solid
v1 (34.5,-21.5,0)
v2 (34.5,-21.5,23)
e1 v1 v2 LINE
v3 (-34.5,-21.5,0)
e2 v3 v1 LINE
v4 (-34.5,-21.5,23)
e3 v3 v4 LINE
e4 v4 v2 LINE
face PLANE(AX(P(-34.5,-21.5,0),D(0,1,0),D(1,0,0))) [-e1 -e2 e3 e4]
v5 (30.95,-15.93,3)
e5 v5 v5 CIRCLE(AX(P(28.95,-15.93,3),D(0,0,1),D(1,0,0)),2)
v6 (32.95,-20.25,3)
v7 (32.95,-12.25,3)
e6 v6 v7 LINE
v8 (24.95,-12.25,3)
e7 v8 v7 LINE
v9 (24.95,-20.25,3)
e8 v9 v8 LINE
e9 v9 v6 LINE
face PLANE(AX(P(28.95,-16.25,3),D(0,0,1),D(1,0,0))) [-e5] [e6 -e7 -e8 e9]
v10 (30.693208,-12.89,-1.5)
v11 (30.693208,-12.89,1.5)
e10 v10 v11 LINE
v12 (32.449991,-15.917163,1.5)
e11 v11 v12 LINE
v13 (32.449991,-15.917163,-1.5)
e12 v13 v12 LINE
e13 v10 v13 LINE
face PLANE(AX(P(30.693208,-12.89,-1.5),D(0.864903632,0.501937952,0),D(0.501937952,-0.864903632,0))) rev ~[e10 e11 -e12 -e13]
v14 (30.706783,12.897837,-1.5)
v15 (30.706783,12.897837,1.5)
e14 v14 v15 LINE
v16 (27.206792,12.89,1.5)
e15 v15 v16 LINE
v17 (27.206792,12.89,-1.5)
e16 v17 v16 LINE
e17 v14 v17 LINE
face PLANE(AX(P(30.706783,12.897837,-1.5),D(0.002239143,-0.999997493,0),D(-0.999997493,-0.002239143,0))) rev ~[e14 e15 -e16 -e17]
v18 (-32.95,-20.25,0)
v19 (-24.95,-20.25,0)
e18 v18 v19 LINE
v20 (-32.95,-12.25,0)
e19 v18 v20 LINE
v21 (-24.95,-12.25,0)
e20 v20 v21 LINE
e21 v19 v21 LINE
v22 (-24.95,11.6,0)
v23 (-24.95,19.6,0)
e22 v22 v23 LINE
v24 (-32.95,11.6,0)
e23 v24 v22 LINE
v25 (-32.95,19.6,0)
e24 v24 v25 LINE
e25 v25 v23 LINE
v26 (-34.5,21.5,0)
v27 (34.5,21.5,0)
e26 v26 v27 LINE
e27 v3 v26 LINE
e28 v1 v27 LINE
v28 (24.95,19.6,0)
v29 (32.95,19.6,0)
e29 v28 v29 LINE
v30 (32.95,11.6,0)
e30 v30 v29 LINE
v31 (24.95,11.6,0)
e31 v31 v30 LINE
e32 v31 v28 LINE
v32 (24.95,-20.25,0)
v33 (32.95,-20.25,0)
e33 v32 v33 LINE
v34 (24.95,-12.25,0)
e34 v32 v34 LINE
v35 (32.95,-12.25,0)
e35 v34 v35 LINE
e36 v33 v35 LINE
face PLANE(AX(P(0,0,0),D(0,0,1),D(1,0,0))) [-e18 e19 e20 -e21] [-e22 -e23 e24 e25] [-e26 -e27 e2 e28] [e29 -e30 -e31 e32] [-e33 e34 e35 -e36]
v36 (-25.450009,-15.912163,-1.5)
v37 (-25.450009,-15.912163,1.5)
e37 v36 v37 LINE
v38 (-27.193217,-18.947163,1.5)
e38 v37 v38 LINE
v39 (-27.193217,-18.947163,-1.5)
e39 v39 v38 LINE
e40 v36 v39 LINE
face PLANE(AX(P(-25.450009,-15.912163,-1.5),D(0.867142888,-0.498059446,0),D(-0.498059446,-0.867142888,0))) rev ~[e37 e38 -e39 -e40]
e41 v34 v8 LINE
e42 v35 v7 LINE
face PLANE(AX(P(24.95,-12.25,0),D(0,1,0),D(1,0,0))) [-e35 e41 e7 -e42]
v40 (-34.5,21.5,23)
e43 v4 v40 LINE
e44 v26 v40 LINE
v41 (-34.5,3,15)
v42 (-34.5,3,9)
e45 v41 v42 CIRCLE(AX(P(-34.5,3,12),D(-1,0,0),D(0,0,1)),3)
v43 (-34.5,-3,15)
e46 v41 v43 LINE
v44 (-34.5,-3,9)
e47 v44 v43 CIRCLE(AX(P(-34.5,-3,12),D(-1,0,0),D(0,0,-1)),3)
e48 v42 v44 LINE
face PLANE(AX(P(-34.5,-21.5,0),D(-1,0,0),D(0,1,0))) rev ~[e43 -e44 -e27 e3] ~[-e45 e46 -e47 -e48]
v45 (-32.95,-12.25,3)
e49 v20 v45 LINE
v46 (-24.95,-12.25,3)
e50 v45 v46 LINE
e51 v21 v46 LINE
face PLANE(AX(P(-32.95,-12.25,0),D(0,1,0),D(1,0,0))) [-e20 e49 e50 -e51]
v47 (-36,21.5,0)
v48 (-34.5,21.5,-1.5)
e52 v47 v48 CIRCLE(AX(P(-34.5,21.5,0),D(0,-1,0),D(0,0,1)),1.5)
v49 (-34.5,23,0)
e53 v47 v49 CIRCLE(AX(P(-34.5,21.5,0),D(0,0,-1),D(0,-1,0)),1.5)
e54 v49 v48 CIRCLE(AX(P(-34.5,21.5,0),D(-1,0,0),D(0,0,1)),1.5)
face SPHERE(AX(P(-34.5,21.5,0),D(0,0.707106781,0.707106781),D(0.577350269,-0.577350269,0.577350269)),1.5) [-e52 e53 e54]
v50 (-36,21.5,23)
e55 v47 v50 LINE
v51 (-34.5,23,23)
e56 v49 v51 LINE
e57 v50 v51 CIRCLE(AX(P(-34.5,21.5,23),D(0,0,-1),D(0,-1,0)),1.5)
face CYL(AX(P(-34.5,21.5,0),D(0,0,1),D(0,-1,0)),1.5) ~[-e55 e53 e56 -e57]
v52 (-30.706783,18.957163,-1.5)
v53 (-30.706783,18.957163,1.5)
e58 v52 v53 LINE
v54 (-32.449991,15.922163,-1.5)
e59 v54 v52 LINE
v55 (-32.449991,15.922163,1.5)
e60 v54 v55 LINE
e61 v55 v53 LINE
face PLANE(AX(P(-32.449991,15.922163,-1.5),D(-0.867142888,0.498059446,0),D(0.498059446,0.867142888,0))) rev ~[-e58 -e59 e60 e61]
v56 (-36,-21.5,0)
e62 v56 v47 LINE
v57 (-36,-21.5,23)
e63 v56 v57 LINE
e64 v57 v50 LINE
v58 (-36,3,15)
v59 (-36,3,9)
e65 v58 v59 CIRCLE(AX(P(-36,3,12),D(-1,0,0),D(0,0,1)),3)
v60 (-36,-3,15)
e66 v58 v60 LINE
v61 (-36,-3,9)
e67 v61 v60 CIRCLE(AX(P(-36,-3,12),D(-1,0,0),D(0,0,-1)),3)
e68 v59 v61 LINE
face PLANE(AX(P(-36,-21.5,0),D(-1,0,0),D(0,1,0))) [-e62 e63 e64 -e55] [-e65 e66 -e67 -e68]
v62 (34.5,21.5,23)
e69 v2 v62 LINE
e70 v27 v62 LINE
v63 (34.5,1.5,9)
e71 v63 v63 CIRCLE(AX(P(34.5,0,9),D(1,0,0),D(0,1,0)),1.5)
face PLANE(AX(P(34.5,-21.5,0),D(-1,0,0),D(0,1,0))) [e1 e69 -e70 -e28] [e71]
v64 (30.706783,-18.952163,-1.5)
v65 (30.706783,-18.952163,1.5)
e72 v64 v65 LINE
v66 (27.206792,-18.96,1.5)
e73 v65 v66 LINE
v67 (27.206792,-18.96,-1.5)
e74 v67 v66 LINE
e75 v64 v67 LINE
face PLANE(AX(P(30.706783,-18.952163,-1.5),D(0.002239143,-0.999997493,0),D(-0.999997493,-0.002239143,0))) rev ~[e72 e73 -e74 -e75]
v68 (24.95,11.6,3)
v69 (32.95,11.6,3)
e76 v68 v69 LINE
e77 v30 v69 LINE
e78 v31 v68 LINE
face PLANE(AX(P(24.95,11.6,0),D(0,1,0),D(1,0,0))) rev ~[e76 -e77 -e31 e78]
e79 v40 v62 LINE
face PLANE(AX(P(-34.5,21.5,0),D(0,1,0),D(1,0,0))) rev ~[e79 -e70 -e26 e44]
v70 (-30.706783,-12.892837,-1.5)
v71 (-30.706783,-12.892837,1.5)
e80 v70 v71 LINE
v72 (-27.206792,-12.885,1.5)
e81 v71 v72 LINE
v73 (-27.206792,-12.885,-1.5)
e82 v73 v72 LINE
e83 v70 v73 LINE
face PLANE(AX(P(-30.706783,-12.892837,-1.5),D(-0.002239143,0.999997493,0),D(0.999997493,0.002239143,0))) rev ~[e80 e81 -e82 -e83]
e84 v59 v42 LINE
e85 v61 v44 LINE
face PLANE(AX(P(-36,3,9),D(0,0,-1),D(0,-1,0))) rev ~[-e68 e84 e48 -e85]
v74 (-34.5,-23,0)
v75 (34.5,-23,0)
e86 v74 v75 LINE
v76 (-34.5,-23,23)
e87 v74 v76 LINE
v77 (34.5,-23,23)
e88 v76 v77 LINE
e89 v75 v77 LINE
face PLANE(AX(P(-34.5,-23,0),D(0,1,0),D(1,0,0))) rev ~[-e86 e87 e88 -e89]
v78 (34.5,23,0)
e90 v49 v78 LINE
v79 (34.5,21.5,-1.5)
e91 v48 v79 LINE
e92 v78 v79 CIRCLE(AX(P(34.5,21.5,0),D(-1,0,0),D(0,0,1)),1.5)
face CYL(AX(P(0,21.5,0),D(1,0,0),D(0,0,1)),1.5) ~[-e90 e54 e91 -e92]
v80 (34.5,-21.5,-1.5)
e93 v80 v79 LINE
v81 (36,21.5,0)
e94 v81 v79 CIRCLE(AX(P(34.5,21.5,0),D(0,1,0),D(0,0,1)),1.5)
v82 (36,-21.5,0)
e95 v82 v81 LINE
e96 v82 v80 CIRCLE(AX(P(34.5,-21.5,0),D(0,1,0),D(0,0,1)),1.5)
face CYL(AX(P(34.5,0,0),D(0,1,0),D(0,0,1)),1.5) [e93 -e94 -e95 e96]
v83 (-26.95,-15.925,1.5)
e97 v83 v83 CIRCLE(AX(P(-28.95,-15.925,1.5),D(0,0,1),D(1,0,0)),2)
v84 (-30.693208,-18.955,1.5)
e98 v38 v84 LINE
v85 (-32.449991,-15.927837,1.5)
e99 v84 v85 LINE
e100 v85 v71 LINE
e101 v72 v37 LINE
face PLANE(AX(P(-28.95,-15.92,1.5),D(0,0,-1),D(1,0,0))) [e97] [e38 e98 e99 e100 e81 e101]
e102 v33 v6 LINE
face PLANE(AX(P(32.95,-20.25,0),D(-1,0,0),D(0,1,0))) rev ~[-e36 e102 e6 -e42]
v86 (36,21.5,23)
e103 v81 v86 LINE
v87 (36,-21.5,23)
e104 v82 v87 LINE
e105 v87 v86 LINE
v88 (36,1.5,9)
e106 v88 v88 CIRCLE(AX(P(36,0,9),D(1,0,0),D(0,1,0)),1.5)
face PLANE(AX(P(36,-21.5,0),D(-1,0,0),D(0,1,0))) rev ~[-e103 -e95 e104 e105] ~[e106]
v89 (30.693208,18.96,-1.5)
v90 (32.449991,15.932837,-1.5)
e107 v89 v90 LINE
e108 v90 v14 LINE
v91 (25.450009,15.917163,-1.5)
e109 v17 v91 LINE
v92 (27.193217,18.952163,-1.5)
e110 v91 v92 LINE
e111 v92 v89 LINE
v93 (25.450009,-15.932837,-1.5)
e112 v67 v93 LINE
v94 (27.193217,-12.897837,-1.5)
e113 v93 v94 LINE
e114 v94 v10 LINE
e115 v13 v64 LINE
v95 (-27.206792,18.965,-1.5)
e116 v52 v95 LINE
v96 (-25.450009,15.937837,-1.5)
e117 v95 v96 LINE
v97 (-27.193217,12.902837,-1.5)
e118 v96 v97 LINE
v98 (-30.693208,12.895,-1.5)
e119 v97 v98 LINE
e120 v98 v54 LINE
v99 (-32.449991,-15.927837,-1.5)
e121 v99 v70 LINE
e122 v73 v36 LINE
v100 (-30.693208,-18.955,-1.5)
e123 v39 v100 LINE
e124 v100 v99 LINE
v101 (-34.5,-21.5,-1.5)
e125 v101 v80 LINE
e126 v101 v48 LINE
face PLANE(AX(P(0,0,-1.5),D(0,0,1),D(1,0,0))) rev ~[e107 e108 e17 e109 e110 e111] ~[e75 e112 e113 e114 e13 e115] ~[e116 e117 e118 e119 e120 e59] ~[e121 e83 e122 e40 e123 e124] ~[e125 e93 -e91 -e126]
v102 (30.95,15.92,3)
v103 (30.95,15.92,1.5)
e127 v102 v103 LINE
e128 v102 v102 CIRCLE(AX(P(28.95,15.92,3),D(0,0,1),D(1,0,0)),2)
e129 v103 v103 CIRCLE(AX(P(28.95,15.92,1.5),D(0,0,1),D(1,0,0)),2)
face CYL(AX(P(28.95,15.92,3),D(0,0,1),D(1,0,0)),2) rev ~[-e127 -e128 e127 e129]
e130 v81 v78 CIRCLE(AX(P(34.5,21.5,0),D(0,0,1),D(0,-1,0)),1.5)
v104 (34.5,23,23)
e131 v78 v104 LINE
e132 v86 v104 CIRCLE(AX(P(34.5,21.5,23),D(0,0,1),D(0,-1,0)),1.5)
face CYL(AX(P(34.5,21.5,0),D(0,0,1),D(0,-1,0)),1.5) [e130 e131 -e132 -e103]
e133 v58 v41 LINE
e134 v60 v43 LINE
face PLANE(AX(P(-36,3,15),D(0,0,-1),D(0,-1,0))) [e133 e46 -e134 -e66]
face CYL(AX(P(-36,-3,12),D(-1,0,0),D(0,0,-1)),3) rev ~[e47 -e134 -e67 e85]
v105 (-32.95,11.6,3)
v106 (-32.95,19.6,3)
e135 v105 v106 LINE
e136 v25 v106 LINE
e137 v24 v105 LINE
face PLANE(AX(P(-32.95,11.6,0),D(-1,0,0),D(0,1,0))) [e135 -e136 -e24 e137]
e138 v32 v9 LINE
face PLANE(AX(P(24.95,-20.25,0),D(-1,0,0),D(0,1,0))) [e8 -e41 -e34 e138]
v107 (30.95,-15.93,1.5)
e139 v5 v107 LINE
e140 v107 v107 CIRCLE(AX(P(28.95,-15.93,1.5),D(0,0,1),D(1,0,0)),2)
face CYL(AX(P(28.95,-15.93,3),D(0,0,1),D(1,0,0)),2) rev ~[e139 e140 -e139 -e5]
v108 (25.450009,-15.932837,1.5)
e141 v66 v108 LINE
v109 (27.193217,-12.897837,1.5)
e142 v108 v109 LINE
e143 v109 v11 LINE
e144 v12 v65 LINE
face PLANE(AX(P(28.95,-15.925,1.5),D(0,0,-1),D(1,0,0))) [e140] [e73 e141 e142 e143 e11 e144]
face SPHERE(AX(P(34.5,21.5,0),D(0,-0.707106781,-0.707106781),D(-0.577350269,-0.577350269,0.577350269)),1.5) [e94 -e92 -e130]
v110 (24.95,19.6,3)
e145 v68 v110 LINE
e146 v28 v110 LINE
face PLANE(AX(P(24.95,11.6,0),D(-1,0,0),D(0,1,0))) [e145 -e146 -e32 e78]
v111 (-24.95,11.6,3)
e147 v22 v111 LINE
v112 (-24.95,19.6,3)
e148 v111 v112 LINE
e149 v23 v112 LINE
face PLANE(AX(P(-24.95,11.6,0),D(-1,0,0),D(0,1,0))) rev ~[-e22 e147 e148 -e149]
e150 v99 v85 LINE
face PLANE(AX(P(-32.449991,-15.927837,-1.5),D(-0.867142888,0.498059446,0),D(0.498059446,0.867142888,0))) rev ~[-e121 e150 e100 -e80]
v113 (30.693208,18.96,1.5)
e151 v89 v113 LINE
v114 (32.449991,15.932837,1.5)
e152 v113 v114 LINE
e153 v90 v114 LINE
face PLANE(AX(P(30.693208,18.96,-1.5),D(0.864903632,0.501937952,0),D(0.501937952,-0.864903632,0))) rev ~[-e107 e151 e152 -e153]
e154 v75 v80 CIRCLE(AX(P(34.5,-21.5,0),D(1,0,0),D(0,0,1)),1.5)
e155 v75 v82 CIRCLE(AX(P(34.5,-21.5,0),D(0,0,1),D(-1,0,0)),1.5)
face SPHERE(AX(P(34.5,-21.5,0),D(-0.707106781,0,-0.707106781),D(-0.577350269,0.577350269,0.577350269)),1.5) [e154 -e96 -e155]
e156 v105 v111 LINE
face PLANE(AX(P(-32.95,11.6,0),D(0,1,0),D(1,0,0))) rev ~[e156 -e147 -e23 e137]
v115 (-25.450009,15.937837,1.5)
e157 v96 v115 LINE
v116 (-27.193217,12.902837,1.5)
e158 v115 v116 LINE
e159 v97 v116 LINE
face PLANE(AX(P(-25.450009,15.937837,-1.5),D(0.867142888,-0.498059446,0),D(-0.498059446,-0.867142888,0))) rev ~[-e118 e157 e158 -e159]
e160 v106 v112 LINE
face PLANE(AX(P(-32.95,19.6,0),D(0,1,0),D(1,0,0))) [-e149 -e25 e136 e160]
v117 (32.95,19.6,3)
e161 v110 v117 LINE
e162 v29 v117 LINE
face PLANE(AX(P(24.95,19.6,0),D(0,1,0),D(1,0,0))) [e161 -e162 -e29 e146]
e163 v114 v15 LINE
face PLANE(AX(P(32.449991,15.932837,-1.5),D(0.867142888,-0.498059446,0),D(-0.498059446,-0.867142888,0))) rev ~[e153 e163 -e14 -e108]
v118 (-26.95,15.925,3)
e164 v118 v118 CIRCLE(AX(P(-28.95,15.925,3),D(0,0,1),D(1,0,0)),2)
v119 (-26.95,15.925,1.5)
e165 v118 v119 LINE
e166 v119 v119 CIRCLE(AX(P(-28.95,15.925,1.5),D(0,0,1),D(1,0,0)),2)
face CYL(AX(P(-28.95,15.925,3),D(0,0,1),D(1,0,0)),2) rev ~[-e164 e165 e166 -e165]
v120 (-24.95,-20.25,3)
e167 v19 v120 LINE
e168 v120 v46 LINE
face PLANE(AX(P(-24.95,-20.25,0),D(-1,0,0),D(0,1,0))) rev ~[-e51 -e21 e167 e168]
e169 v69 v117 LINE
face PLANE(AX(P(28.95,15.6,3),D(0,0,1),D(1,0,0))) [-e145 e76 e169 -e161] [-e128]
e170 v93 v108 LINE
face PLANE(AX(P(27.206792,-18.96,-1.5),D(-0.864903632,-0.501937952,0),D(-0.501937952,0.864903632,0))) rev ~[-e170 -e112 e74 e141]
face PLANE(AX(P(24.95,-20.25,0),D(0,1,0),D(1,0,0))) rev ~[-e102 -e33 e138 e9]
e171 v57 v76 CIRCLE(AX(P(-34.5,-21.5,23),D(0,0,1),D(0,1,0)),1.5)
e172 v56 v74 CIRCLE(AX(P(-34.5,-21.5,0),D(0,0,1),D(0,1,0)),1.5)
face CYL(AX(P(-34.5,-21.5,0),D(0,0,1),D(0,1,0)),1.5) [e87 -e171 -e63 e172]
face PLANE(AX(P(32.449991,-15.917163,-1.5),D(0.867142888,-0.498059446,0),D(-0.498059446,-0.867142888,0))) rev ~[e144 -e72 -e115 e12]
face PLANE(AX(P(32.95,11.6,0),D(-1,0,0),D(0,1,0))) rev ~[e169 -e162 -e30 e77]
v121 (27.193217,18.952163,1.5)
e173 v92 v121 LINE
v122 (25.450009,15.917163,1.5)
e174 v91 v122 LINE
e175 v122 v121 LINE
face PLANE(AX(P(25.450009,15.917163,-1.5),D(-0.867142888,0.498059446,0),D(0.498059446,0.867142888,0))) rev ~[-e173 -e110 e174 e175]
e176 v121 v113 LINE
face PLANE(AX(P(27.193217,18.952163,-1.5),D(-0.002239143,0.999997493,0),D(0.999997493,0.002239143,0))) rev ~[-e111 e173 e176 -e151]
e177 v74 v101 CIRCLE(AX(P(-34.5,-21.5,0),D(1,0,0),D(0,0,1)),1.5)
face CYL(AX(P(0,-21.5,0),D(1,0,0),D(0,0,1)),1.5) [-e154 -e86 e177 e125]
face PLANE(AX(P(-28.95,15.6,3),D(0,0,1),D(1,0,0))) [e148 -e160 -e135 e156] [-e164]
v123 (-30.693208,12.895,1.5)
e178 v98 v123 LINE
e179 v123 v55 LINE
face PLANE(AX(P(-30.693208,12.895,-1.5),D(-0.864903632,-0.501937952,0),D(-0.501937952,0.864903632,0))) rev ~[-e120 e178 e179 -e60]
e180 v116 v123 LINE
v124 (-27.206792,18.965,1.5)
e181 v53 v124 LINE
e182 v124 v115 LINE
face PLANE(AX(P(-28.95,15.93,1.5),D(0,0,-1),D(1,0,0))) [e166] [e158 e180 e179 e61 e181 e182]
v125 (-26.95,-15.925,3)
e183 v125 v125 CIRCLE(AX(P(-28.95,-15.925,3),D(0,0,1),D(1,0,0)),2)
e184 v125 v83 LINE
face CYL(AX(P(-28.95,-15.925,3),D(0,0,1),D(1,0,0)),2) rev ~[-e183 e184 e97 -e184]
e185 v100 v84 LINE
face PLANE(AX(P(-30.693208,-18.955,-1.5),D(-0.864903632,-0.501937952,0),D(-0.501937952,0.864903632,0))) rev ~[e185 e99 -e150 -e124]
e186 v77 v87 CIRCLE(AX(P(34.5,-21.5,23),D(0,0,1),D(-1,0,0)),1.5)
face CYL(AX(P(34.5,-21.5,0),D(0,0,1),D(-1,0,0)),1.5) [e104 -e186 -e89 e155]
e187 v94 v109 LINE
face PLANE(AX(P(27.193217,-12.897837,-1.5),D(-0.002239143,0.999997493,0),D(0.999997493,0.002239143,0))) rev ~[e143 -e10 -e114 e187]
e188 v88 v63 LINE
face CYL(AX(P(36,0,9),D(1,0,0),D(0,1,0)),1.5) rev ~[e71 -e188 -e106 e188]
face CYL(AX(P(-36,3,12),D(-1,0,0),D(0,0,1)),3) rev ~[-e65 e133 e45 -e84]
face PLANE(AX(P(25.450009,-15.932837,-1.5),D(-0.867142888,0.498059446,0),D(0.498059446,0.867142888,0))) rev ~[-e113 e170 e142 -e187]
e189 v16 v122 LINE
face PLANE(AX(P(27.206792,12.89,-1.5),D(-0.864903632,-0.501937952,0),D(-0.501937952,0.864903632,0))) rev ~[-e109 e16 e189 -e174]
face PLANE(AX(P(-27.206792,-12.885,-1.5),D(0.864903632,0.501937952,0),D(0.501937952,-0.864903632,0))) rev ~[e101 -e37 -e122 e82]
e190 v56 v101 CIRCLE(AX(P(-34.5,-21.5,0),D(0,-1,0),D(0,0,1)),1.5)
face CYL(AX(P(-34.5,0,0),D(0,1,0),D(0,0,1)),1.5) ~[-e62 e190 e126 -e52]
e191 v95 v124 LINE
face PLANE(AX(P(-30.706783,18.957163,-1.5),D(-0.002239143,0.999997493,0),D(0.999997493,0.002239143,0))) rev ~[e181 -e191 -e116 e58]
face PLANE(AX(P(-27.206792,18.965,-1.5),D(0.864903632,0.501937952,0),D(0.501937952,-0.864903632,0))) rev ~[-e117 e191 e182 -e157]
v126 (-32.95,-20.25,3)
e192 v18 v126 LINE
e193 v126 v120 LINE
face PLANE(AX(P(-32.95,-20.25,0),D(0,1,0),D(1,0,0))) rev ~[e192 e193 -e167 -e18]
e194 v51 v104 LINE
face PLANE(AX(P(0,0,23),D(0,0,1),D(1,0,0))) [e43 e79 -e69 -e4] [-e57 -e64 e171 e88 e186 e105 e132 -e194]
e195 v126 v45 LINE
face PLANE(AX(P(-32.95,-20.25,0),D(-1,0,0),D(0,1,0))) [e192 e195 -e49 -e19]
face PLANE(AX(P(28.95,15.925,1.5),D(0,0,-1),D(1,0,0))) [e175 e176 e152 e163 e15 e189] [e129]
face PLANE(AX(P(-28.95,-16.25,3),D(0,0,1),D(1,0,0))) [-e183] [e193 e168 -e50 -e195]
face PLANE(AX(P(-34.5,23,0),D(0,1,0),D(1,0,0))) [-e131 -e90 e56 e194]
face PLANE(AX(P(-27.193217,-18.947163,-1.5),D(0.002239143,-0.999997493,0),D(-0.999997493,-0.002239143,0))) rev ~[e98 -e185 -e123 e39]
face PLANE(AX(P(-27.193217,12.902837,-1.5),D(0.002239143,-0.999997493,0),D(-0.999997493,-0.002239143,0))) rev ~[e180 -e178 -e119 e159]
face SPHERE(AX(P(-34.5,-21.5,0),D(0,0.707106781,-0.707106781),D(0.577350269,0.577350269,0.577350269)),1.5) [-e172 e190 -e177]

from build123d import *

# Parameters (mm, degrees)
SKETCH_W        = 69
SKETCH_H        = 43
PAD_DEPTH       = 23
THICKNESS_T     = 1.5
SKETCH001_R     = 1.5
HOLE_DEPTH      = 2.098709
HOLE_TIPS_R     = 1.5
POCKET_DEPTH    = 5
SKETCH003_W     = 8
SKETCH003_H     = 8
PAD001_DEPTH    = 3
SKETCH004_R     = 2
HOLE001_DEPTH   = 6
POCKET001_DEPTH = 3


with BuildPart() as part:
    # Sketch → Pad (new body)
    with BuildSketch(Plane.XY):
        Rectangle(SKETCH_W, SKETCH_H)
    extrude(amount=PAD_DEPTH)

    # Thickness
    thickness_openings = [part.faces().sort_by_distance(p)[0] for p in [
        (0, 0, 23),
    ]]
    offset(amount=THICKNESS_T, openings=thickness_openings)

    # Sketch001 (on Face10 of Thickness) → Hole (cut)
    with BuildSketch(Plane.YZ.offset(36)):
        with Locations((0, 9)):
            Circle(SKETCH001_R)
    extrude(amount=-HOLE_DEPTH, mode=Mode.SUBTRACT)

    # Hole tips → Hole tip 1 section 0
    with BuildSketch(Plane.YZ.offset(33.901291), mode=Mode.PRIVATE) as hole_tip_1_s0:
        with Locations((0, 9)):
            Circle(HOLE_TIPS_R)
    loft([hole_tip_1_s0.sketch, Vertex(33, 0, 9)], mode=Mode.SUBTRACT)

    # Sketch002 (on Face9 of Hole) → Pocket (cut)
    with BuildSketch(Plane(origin=(-36, 0, 0), x_dir=(0, -1, 0), z_dir=(-1, 0, 0))):
        with BuildLine():
            ThreePointArc((-3, 15), (-6, 12), (-3, 9))
            Line((-3, 9), (3, 9))
            ThreePointArc((3, 9), (6, 12), (3, 15))
            Line((-3, 15), (3, 15))
        make_face()
    extrude(amount=-POCKET_DEPTH, mode=Mode.SUBTRACT)

    # Sketch003 (on Face4 of Pocket) → Pad001 (join)
    with BuildSketch(Plane.XY):
        with Locations((-28.95, 15.6)):
            Rectangle(SKETCH003_W, SKETCH003_H)
        with Locations((28.95, 15.6)):
            Rectangle(SKETCH003_W, SKETCH003_H)
        with Locations((-28.95, -16.25)):
            Rectangle(SKETCH003_W, SKETCH003_H)
        with Locations((28.95, -16.25)):
            Rectangle(SKETCH003_W, SKETCH003_H)
    extrude(amount=PAD001_DEPTH)

    # Sketch004 (on Face38 of Pad001) → Hole001 (cut)
    with BuildSketch(Plane.XY.offset(3)):
        with Locations((-28.95, 15.925)):
            Circle(SKETCH004_R)
        with Locations((28.95, 15.92)):
            Circle(SKETCH004_R)
        with Locations((-28.95, -15.925)):
            Circle(SKETCH004_R)
        with Locations((28.95, -15.93)):
            Circle(SKETCH004_R)
    extrude(amount=-HOLE001_DEPTH, mode=Mode.SUBTRACT)

    # Sketch005 (on Face52 of Hole001) → Pocket001 (cut)
    with BuildSketch(Plane(origin=(0, 0, -1.5), x_dir=(1, 0, 0), z_dir=(0, 0, -1))):
        Polygon((-27.206792, 12.885), (-25.450009, 15.912163), (-27.193217, 18.947163), (-30.693208, 18.955), (-32.449991, 15.927837), (-30.706783, 12.892837), align=None)
        Polygon((30.693208, 12.89), (32.449991, 15.917163), (30.706783, 18.952163), (27.206792, 18.96), (25.450009, 15.932837), (27.193217, 12.897837), align=None)
        Polygon((-27.206792, -18.965), (-25.450009, -15.937837), (-27.193217, -12.902837), (-30.693208, -12.895), (-32.449991, -15.922163), (-30.706783, -18.957163), align=None)
        Polygon((30.693208, -18.96), (32.449991, -15.932837), (30.706783, -12.897837), (27.206792, -12.89), (25.450009, -15.917163), (27.193217, -18.952163), align=None)
    extrude(amount=-POCKET001_DEPTH, mode=Mode.SUBTRACT)


solid = part.part
